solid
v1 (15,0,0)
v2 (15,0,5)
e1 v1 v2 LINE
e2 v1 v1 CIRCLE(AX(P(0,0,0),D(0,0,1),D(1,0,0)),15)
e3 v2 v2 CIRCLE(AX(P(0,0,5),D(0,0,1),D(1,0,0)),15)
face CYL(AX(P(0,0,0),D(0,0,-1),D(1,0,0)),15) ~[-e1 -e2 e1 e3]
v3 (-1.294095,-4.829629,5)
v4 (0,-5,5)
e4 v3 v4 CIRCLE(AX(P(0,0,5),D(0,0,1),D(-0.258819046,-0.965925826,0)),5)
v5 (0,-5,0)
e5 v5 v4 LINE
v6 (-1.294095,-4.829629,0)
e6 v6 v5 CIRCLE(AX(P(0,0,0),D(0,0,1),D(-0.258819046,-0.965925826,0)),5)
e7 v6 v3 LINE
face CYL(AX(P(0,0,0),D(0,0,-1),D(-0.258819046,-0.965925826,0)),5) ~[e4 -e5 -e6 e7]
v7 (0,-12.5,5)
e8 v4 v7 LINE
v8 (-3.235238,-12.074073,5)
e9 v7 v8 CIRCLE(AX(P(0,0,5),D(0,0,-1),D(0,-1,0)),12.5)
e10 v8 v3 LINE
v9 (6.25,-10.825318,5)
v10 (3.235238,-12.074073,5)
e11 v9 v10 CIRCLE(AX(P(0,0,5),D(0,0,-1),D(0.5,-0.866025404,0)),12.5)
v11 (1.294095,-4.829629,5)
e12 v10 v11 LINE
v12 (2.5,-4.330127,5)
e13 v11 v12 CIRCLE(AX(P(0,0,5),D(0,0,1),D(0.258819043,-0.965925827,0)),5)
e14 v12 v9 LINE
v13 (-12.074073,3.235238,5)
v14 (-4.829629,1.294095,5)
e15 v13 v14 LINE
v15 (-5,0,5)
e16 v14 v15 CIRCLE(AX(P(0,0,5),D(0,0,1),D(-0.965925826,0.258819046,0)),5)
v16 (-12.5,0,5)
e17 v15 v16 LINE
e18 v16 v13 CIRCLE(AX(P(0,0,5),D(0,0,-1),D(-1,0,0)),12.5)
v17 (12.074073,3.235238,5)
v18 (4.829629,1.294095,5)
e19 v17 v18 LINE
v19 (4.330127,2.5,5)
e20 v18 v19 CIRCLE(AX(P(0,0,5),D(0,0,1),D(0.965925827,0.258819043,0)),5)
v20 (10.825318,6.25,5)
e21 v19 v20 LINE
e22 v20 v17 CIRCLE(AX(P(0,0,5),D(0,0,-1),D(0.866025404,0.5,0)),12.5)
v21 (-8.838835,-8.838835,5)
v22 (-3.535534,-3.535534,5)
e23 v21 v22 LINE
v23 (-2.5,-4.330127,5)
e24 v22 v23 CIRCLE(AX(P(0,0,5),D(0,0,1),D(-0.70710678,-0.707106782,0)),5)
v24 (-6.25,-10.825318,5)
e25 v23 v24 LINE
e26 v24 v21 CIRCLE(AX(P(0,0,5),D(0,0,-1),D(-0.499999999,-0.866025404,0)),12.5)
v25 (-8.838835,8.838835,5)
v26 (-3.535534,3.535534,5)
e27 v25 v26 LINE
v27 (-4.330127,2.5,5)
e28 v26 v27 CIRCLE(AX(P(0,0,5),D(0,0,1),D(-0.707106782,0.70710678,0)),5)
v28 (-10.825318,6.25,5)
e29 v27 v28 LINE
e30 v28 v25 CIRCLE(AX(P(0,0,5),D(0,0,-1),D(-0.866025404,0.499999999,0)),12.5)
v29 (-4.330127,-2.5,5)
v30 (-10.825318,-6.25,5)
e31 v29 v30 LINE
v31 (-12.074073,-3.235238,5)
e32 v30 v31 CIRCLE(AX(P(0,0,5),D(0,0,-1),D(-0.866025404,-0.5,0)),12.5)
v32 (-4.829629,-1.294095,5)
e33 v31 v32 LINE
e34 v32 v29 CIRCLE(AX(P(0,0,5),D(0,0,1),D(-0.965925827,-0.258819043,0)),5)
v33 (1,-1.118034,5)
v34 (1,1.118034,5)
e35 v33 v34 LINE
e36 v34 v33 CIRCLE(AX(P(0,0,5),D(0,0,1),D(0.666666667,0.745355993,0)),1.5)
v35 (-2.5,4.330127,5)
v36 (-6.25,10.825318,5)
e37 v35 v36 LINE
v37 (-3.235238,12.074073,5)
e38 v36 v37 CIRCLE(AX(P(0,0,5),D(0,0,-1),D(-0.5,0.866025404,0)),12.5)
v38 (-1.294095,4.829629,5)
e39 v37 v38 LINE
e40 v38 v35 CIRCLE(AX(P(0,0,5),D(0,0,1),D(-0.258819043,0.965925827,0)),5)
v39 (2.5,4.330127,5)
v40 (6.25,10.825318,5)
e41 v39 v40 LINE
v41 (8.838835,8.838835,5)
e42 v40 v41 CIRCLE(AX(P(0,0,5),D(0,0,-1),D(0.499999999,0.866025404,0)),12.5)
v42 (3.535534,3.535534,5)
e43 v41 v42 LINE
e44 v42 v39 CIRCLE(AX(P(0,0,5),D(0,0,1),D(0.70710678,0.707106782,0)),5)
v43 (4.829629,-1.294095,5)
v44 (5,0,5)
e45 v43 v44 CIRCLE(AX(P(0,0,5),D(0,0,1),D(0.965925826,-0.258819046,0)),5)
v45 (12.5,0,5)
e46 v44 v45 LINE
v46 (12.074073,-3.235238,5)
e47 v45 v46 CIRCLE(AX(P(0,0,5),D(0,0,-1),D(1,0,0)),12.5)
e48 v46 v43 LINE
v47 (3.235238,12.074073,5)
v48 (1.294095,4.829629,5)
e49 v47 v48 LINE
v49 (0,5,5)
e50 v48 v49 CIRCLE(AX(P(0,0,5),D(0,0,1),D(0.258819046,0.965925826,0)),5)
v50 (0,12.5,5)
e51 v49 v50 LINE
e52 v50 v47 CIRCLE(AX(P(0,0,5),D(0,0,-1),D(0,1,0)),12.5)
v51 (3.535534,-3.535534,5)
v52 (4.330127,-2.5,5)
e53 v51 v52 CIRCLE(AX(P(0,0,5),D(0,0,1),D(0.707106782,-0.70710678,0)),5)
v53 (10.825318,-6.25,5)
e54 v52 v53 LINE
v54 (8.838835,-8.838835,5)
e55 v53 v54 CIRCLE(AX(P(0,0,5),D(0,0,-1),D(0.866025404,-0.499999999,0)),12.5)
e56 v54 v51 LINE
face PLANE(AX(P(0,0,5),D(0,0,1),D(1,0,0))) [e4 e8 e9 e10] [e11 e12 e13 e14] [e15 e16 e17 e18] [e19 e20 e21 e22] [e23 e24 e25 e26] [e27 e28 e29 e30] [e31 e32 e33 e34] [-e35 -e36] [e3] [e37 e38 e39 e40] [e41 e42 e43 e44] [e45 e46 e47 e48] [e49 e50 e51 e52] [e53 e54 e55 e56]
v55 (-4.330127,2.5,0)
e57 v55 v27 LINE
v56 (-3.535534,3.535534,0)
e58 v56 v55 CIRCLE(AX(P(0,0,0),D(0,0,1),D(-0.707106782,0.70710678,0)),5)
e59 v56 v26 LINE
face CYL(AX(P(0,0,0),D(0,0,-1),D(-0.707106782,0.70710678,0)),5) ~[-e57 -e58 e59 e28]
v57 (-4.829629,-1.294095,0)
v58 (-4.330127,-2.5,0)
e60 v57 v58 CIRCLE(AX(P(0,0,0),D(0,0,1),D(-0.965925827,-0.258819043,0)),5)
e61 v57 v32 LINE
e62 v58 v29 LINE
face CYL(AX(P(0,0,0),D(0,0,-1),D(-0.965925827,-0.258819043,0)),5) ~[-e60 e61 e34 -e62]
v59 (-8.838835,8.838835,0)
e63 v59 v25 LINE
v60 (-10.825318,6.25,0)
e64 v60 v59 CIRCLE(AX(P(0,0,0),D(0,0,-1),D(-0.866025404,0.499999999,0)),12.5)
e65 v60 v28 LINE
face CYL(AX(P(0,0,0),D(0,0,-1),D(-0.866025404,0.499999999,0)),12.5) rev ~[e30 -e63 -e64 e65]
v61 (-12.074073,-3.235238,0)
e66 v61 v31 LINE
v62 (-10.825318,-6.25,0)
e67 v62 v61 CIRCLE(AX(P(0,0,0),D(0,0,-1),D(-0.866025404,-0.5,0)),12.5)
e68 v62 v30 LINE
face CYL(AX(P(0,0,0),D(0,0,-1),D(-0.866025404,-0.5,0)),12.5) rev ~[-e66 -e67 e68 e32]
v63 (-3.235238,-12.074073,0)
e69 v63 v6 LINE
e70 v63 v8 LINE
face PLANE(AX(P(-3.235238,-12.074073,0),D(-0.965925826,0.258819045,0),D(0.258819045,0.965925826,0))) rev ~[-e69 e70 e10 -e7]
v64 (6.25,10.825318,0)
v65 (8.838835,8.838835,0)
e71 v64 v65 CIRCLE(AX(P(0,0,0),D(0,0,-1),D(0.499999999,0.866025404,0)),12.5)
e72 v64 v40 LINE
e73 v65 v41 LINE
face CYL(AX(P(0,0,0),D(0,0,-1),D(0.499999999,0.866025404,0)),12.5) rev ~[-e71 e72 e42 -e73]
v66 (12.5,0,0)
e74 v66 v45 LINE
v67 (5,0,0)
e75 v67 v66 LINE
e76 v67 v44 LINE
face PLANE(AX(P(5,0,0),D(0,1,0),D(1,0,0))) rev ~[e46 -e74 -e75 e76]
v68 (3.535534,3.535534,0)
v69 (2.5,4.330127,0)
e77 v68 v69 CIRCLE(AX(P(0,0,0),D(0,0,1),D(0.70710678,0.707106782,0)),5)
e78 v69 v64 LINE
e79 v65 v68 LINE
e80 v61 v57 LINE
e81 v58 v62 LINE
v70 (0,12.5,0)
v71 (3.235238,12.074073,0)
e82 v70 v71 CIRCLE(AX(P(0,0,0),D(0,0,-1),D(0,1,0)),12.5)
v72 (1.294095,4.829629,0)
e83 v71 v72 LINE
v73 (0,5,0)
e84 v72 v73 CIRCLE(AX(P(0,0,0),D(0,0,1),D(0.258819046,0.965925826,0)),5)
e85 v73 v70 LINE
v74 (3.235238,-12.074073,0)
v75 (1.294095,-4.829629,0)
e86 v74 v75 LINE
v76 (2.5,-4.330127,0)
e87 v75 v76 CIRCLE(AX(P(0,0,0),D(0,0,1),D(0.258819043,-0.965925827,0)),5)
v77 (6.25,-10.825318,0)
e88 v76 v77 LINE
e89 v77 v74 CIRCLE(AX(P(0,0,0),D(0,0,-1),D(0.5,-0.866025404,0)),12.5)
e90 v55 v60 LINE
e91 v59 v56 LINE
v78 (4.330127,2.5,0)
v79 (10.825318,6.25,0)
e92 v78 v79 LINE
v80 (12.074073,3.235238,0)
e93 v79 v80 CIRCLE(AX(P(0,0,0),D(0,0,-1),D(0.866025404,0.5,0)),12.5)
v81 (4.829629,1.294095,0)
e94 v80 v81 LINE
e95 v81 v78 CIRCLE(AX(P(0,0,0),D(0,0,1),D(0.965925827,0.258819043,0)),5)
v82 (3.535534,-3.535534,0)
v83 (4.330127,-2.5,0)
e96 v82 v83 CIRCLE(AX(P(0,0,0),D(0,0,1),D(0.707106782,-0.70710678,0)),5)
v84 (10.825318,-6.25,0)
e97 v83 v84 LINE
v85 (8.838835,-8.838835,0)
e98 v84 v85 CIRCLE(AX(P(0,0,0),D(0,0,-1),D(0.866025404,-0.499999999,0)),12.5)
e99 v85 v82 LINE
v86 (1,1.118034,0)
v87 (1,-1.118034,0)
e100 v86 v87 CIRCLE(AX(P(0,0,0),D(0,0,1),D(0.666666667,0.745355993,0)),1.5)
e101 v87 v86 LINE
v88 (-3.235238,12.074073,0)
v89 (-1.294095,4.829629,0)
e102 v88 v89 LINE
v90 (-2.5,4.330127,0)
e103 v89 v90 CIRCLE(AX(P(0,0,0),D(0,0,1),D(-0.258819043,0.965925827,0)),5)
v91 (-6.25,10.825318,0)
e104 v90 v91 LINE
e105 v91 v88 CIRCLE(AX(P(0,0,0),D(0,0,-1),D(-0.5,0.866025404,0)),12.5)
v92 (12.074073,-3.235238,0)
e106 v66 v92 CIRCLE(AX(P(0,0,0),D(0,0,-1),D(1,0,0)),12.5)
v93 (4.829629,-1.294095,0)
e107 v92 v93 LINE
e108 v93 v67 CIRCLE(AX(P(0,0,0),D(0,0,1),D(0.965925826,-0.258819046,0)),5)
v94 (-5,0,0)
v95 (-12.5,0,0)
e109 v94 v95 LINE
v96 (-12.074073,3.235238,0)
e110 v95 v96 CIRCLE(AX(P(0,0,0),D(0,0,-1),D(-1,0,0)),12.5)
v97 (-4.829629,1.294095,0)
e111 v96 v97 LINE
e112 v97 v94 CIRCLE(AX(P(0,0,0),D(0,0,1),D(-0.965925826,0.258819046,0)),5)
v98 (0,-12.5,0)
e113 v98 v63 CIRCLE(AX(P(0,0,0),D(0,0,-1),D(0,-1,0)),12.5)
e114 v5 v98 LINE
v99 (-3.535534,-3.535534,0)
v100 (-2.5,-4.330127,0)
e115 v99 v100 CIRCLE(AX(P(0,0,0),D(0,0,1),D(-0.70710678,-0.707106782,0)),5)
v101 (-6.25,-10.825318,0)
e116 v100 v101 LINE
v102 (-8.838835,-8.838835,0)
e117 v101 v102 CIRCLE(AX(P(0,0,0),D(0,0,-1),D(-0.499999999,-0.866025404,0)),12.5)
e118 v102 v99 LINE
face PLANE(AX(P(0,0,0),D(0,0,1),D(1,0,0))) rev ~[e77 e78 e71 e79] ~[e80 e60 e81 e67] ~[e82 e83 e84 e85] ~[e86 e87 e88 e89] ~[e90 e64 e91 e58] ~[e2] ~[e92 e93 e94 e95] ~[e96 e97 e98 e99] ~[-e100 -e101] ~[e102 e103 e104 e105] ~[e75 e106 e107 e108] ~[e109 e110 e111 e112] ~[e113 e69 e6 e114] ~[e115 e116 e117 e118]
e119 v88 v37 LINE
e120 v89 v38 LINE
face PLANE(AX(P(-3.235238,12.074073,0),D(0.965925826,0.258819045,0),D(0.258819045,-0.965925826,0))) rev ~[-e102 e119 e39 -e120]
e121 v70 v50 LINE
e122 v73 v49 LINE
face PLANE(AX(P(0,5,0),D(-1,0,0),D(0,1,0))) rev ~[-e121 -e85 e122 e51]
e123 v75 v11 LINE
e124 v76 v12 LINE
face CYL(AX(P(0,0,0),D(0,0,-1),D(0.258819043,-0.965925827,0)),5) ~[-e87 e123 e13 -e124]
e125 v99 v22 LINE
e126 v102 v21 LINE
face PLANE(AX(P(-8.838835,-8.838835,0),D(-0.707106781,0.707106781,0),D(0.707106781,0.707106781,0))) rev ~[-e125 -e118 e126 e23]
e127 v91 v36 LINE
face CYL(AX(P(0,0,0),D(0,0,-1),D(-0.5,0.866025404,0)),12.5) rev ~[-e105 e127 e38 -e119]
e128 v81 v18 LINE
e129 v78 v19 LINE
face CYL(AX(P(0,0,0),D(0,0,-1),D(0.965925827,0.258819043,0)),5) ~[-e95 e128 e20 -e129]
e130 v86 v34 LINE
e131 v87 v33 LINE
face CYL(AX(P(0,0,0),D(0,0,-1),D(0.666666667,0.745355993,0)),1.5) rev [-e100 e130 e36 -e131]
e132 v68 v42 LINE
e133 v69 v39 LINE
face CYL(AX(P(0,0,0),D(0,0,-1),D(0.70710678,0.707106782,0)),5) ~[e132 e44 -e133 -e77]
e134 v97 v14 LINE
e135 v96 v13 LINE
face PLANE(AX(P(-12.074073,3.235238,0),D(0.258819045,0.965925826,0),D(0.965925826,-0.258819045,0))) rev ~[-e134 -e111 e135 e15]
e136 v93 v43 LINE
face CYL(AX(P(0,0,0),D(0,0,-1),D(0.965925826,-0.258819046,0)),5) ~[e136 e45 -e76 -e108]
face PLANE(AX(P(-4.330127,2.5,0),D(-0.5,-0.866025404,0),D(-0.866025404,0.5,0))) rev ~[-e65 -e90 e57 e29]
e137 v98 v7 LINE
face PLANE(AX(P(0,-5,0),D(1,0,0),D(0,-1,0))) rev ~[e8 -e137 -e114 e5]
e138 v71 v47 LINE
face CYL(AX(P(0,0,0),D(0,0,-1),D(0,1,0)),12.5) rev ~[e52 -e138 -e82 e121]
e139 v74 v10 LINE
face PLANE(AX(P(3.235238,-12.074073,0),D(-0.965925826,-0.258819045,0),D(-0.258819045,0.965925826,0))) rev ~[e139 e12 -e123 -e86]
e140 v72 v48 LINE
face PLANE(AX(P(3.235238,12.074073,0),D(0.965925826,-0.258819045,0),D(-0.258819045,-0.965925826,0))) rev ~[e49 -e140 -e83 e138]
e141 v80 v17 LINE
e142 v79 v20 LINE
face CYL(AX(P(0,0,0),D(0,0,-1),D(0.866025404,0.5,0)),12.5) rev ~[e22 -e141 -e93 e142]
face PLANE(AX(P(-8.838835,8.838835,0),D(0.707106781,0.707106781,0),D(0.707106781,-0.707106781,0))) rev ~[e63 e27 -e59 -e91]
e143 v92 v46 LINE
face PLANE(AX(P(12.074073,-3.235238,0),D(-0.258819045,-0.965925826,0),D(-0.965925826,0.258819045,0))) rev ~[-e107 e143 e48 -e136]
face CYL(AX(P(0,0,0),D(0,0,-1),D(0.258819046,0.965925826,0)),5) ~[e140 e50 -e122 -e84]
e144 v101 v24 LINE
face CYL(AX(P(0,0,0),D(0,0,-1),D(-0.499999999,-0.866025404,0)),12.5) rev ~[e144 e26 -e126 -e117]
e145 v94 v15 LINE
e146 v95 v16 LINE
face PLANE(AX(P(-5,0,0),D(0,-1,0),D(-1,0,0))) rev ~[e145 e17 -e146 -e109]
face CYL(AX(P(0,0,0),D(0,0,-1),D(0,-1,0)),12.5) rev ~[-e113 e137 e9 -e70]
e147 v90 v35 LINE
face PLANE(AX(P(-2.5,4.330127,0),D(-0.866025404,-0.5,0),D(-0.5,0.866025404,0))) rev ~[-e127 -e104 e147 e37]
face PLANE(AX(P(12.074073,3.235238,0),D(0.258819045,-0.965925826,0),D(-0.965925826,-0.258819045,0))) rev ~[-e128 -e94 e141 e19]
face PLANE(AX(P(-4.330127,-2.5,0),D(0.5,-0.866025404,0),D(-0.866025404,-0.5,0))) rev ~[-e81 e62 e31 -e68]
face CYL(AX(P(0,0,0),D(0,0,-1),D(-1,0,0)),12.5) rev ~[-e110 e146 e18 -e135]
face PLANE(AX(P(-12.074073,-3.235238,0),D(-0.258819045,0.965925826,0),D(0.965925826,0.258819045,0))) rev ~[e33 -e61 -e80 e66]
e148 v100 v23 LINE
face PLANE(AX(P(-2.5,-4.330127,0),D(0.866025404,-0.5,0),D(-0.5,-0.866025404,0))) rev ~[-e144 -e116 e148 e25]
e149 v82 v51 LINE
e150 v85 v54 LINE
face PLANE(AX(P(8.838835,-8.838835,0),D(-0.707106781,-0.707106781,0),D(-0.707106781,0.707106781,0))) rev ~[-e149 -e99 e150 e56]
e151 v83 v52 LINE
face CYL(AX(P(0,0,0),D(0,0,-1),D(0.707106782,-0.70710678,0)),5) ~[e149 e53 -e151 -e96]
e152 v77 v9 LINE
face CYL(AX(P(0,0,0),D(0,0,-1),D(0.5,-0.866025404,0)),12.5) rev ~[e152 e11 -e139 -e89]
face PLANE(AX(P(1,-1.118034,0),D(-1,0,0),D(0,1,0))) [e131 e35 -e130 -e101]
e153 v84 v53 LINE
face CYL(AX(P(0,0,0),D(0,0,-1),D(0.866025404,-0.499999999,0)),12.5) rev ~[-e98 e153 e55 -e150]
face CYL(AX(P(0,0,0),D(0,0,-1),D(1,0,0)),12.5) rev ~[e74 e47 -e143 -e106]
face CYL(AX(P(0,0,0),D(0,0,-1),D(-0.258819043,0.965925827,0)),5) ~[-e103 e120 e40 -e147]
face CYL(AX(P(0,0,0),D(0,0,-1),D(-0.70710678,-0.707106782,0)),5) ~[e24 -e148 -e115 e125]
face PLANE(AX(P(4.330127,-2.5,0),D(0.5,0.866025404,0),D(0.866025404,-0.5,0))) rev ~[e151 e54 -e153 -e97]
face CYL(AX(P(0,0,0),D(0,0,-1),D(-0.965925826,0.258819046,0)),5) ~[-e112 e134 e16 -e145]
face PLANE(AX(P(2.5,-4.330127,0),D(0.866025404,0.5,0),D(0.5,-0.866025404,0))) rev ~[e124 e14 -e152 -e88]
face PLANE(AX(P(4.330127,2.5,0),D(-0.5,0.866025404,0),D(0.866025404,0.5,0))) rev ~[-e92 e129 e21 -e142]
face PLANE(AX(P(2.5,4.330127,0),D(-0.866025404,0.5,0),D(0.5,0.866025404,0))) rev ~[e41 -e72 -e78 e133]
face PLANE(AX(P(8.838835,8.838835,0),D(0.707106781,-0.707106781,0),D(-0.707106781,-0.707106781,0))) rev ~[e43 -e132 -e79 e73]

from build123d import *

# Parameters (mm, degrees)
SKETCH_2_R      = 15
EXTRUDE_1_DEPTH = 5


with BuildPart() as part:
    # 草圖2 → 填料-伸長1 (new body)
    with BuildSketch(Plane.XY):
        Circle(SKETCH_2_R)
        with BuildLine():
            Line((0, 5), (0, 12.5))
            ThreePointArc((0, 12.5), (1.631577403, 12.393060767), (3.235238064, 12.074072829))
            Line((3.235238064, 12.074072829), (1.294095226, 4.829629131))
            ThreePointArc((1.294095226, 4.829629131), (0.652630961, 4.957224307), (0, 5))
        make_face(mode=Mode.SUBTRACT)
        with BuildLine():
            Line((2.5, 4.330127019), (6.25, 10.825317547))
            ThreePointArc((6.25, 10.825317547), (7.609517863, 9.916916754), (8.838834765, 8.838834765))
            Line((8.838834765, 8.838834765), (3.535533906, 3.535533906))
            ThreePointArc((3.535533906, 3.535533906), (3.043807145, 3.966766701), (2.5, 4.330127019))
        make_face(mode=Mode.SUBTRACT)
        with BuildLine():
            Line((4.330127019, 2.5), (10.825317547, 6.25))
            ThreePointArc((10.825317547, 6.25), (11.548494156, 4.783542905), (12.074072829, 3.235238064))
            Line((12.074072829, 3.235238064), (4.829629131, 1.294095226))
            ThreePointArc((4.829629131, 1.294095226), (4.619397663, 1.913417162), (4.330127019, 2.5))
        make_face(mode=Mode.SUBTRACT)
        with BuildLine():
            Line((5, 0), (12.5, 0))
            ThreePointArc((12.5, 0), (12.393060767, -1.631577403), (12.074072829, -3.235238064))
            Line((12.074072829, -3.235238064), (4.829629131, -1.294095226))
            ThreePointArc((4.829629131, -1.294095226), (4.957224307, -0.652630961), (5, 0))
        make_face(mode=Mode.SUBTRACT)
        with BuildLine():
            Line((4.330127019, -2.5), (10.825317547, -6.25))
            ThreePointArc((10.825317547, -6.25), (9.916916754, -7.609517863), (8.838834765, -8.838834765))
            Line((8.838834765, -8.838834765), (3.535533906, -3.535533906))
            ThreePointArc((3.535533906, -3.535533906), (3.966766701, -3.043807145), (4.330127019, -2.5))
        make_face(mode=Mode.SUBTRACT)
        with BuildLine():
            Line((2.5, -4.330127019), (6.25, -10.825317547))
            ThreePointArc((6.25, -10.825317547), (4.783542905, -11.548494156), (3.235238064, -12.074072829))
            Line((3.235238064, -12.074072829), (1.294095226, -4.829629131))
            ThreePointArc((1.294095226, -4.829629131), (1.913417162, -4.619397663), (2.5, -4.330127019))
        make_face(mode=Mode.SUBTRACT)
        with BuildLine():
            Line((0, -5), (0, -12.5))
            ThreePointArc((0, -12.5), (-1.631577403, -12.393060767), (-3.235238064, -12.074072829))
            Line((-3.235238064, -12.074072829), (-1.294095226, -4.829629131))
            ThreePointArc((-1.294095226, -4.829629131), (-0.652630961, -4.957224307), (0, -5))
        make_face(mode=Mode.SUBTRACT)
        with BuildLine():
            Line((-2.5, -4.330127019), (-6.25, -10.825317547))
            ThreePointArc((-6.25, -10.825317547), (-7.609517863, -9.916916754), (-8.838834765, -8.838834765))
            Line((-8.838834765, -8.838834765), (-3.535533906, -3.535533906))
            ThreePointArc((-3.535533906, -3.535533906), (-3.043807145, -3.966766701), (-2.5, -4.330127019))
        make_face(mode=Mode.SUBTRACT)
        with BuildLine():
            Line((-4.330127019, -2.5), (-10.825317547, -6.25))
            ThreePointArc((-10.825317547, -6.25), (-11.548494156, -4.783542905), (-12.074072829, -3.235238064))
            Line((-12.074072829, -3.235238064), (-4.829629131, -1.294095226))
            ThreePointArc((-4.829629131, -1.294095226), (-4.619397663, -1.913417162), (-4.330127019, -2.5))
        make_face(mode=Mode.SUBTRACT)
        with BuildLine():
            Line((-5, 0), (-12.5, 0))
            ThreePointArc((-12.5, 0), (-12.393060767, 1.631577403), (-12.074072829, 3.235238064))
            Line((-12.074072829, 3.235238064), (-4.829629131, 1.294095226))
            ThreePointArc((-4.829629131, 1.294095226), (-4.957224307, 0.652630961), (-5, 0))
        make_face(mode=Mode.SUBTRACT)
        with BuildLine():
            Line((-4.330127019, 2.5), (-10.825317547, 6.25))
            ThreePointArc((-10.825317547, 6.25), (-9.916916754, 7.609517863), (-8.838834765, 8.838834765))
            Line((-8.838834765, 8.838834765), (-3.535533906, 3.535533906))
            ThreePointArc((-3.535533906, 3.535533906), (-3.966766701, 3.043807145), (-4.330127019, 2.5))
        make_face(mode=Mode.SUBTRACT)
        with BuildLine():
            Line((-2.5, 4.330127019), (-6.25, 10.825317547))
            ThreePointArc((-6.25, 10.825317547), (-4.783542905, 11.548494156), (-3.235238064, 12.074072829))
            Line((-3.235238064, 12.074072829), (-1.294095226, 4.829629131))
            ThreePointArc((-1.294095226, 4.829629131), (-1.913417162, 4.619397663), (-2.5, 4.330127019))
        make_face(mode=Mode.SUBTRACT)
        with BuildLine():
            Line((1, -1.118033989), (1, 1.118033989))
            ThreePointArc((1, 1.118033989), (-1.5, 0), (1, -1.118033989))
        make_face(mode=Mode.SUBTRACT)
    extrude(amount=EXTRUDE_1_DEPTH)


solid = part.part
